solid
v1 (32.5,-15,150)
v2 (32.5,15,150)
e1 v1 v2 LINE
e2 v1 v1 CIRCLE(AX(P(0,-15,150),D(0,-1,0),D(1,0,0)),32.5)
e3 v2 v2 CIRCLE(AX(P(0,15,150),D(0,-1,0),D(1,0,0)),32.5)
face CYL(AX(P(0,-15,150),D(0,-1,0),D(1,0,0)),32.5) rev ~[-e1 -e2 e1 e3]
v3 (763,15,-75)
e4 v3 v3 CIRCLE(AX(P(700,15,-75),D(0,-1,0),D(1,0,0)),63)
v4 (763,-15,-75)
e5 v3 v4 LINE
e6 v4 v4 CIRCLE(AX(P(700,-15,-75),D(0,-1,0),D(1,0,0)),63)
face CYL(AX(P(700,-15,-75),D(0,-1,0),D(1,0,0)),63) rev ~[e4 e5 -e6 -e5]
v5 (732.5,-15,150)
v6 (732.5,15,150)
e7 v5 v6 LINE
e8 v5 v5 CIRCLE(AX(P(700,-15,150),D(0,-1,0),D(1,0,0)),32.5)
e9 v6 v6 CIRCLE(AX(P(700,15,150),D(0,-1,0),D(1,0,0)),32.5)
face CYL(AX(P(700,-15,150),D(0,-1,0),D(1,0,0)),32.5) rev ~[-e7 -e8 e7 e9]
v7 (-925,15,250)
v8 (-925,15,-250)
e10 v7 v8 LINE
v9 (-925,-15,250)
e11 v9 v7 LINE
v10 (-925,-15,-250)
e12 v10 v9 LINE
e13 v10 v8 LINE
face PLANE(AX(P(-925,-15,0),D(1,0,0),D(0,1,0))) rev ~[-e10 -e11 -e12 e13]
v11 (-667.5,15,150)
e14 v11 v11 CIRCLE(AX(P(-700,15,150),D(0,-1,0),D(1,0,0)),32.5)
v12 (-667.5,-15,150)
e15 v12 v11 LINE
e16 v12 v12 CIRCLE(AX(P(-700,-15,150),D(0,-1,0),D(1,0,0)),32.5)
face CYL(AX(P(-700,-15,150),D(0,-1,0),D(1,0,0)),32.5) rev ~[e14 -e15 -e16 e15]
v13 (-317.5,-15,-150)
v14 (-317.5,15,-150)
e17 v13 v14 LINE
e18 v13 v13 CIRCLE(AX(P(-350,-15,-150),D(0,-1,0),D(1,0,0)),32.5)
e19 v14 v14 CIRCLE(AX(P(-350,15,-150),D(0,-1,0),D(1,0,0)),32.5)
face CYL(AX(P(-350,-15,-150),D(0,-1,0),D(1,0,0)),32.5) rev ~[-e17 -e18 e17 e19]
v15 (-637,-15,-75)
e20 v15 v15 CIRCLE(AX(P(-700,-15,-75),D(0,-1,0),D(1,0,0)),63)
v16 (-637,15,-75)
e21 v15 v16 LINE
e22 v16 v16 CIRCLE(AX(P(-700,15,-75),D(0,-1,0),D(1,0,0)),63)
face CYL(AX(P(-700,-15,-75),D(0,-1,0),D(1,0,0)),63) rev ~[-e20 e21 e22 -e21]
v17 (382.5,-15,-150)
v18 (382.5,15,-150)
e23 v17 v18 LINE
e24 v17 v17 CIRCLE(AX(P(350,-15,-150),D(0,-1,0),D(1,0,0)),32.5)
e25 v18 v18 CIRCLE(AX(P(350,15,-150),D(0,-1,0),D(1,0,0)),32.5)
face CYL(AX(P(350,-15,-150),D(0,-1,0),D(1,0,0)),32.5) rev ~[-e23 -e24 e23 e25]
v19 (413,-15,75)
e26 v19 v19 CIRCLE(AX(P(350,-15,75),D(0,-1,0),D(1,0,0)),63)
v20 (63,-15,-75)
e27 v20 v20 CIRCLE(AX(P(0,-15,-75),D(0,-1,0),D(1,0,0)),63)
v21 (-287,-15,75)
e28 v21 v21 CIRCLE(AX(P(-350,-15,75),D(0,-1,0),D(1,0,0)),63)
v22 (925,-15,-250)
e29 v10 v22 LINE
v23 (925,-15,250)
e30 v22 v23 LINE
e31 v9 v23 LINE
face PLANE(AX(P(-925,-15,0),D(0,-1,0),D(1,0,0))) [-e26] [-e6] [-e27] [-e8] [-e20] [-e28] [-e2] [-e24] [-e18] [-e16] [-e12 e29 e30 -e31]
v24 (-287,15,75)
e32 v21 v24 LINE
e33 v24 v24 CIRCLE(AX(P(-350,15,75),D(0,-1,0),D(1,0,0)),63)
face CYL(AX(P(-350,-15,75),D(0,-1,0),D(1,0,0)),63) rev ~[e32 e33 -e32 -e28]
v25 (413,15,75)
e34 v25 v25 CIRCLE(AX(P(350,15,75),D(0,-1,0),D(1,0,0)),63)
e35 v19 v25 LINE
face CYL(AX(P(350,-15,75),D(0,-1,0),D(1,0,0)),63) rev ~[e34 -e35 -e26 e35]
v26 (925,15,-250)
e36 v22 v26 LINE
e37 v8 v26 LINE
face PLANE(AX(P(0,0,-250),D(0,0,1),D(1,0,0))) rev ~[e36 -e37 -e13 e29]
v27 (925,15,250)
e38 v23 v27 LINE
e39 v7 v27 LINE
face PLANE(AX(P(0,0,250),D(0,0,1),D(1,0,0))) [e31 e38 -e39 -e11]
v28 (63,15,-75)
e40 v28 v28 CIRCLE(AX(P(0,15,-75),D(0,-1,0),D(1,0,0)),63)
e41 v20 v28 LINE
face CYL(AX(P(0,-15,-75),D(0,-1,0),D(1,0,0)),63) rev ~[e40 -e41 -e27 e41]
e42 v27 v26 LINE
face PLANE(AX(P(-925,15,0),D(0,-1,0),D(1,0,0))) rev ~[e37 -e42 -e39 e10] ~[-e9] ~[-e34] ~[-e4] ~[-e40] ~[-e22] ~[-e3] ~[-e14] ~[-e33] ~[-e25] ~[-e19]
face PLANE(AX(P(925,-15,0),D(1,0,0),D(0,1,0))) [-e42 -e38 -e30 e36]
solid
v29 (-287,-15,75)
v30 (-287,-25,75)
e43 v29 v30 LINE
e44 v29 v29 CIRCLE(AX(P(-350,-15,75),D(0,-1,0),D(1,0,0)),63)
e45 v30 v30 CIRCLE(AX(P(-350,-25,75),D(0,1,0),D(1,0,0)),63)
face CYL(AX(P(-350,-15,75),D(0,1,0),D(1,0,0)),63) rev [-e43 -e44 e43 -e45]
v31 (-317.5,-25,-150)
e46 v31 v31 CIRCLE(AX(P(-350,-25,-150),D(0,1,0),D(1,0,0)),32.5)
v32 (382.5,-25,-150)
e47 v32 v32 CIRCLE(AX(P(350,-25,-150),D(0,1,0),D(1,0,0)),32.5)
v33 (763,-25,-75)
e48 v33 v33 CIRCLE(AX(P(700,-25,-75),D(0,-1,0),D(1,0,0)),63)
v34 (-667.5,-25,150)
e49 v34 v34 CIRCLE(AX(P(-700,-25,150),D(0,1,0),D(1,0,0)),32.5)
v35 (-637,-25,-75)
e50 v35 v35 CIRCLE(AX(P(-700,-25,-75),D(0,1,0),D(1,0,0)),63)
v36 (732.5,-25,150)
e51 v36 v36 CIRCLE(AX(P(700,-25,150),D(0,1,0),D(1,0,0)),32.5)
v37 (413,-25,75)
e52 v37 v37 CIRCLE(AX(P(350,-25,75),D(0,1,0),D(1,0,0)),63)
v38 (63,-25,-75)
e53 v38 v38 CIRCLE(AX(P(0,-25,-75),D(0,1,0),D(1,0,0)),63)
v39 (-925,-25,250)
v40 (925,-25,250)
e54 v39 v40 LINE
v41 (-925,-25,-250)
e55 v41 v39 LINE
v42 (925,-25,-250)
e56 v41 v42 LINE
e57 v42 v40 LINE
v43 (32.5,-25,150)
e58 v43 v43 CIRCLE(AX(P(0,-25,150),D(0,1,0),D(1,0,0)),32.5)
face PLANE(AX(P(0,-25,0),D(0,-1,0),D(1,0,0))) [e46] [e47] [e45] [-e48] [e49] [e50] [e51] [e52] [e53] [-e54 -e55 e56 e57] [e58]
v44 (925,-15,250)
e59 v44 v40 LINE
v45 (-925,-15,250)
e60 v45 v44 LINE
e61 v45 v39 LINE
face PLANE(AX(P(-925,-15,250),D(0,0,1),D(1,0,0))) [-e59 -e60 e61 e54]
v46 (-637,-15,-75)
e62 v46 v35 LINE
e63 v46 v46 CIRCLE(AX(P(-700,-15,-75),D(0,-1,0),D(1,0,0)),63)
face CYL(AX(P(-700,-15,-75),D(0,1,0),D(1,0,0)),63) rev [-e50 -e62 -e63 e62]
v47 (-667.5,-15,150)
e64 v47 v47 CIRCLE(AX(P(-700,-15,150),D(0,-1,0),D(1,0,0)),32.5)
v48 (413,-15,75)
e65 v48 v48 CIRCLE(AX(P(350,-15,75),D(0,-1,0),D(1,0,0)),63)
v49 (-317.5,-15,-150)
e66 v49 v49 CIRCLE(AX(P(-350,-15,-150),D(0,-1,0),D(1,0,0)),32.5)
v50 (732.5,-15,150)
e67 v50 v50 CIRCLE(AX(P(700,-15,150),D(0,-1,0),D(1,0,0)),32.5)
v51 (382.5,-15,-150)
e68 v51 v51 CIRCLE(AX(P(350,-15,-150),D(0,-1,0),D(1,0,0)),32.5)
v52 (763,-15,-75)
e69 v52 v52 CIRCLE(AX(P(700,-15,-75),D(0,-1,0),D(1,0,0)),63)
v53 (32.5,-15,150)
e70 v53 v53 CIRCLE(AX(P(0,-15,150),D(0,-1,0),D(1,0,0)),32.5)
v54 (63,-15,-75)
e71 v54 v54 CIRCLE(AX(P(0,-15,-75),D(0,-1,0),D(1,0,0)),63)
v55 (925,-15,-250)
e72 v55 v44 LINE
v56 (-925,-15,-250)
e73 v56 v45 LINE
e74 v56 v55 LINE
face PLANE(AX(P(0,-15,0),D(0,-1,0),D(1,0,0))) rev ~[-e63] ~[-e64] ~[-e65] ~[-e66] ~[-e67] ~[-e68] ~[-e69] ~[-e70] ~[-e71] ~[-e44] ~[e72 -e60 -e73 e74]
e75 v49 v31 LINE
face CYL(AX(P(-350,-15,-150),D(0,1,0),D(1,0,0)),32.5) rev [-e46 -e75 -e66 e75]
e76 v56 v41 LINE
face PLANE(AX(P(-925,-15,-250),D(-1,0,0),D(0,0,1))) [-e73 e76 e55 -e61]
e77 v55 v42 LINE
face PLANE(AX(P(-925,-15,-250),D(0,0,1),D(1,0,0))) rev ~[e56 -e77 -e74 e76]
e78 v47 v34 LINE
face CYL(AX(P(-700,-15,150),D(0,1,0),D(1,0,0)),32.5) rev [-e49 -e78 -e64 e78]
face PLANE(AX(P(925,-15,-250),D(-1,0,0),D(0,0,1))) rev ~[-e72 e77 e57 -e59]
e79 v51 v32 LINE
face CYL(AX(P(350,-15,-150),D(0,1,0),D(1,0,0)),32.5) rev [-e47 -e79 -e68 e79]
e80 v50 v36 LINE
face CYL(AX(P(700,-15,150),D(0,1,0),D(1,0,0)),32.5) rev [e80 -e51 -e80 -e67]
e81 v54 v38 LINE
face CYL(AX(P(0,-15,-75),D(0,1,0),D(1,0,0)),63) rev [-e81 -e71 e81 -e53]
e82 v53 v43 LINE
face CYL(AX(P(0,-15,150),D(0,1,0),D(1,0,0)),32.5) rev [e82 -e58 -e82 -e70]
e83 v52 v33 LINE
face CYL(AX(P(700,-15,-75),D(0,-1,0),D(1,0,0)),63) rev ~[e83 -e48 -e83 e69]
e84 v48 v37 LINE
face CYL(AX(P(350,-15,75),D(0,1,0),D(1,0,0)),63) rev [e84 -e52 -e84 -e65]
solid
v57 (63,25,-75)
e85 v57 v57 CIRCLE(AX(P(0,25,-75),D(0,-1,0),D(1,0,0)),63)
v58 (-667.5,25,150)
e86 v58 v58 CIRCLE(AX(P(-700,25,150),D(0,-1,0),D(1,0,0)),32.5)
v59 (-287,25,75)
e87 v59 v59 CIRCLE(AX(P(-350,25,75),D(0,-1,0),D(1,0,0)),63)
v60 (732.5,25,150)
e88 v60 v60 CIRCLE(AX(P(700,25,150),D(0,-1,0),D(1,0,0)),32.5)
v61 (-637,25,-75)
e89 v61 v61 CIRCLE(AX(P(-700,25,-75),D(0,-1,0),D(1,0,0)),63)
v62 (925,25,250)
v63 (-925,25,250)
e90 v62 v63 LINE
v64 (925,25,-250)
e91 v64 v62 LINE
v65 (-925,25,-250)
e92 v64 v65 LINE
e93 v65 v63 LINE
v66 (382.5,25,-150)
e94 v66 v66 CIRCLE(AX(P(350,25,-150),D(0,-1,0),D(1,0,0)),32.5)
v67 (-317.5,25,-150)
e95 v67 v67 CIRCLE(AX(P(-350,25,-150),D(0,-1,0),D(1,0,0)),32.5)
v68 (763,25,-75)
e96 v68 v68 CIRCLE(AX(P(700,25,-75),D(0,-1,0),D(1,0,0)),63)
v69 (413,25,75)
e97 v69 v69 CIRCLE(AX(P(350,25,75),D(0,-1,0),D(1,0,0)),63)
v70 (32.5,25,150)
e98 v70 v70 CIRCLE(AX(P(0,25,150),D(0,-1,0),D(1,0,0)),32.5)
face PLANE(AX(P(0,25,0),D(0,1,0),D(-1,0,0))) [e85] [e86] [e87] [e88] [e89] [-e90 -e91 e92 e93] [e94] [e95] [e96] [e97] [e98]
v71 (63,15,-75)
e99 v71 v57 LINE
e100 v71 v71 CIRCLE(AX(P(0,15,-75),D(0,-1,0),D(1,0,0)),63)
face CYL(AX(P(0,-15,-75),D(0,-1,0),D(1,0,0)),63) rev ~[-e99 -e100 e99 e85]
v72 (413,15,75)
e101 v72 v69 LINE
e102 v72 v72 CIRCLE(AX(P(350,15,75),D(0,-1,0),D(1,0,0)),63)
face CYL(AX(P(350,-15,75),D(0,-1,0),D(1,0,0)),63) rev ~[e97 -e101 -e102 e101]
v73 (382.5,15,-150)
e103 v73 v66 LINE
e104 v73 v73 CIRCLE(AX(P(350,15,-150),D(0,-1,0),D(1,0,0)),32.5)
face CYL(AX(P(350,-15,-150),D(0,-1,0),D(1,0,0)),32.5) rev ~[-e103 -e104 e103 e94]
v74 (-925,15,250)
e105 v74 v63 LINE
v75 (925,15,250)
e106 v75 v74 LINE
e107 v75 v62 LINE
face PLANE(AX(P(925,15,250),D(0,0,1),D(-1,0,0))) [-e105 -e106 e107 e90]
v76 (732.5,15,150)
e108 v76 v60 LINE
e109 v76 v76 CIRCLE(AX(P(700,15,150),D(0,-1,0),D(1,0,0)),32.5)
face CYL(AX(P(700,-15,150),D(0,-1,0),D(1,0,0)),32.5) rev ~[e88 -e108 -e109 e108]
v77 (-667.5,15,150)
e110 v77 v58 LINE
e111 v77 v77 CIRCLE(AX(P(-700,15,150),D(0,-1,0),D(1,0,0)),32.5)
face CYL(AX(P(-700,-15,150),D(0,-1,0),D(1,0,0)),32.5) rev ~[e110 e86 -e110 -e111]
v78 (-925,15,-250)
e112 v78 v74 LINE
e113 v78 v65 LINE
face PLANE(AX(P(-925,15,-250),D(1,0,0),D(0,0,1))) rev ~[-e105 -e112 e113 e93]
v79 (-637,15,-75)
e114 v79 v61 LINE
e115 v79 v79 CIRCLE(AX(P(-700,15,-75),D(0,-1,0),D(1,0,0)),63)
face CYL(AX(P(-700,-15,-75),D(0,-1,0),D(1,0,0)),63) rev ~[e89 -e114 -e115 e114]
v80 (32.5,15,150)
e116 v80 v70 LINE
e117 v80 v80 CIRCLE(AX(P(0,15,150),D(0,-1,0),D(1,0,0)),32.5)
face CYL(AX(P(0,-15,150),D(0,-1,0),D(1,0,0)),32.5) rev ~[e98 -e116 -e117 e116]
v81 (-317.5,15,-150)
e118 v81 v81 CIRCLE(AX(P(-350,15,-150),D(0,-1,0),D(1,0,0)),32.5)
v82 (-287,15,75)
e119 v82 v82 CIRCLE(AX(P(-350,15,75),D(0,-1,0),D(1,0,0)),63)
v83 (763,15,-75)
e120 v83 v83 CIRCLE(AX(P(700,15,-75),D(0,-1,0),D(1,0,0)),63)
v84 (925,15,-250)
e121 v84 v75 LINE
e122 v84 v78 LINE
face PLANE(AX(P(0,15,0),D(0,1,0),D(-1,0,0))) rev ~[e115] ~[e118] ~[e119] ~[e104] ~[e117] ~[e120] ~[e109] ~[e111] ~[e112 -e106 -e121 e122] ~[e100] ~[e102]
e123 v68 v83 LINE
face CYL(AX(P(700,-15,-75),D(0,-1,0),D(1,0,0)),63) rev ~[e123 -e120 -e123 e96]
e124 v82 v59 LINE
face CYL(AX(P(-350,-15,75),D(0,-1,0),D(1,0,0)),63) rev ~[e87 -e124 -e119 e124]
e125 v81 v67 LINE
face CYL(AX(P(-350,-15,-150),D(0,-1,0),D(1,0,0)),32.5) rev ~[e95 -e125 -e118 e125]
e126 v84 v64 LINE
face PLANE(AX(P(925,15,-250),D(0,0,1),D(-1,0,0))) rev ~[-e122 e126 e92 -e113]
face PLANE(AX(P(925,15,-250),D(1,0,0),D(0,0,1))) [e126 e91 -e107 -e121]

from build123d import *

# Parameters (mm, degrees)
F0_W     = 1850
F0_H     = 30
F1_DEPTH = 250
F2_W     = 1850
F2_H     = 500
F3_DEPTH = 10
F4_W     = 1850
F4_H     = 500
F5_DEPTH = 10
F6_R     = 32.5
F6_R_2   = 63
F7_DEPTH = 100


with BuildPart() as f1:
    # F0 (on Top) → F1 (new body, symmetric)
    with BuildSketch(Plane.XY):
        Rectangle(F0_W, F0_H)
    extrude(amount=F1_DEPTH, both=True)


with BuildPart() as f3:
    # F2 (on face) → F3 (new body)
    with BuildSketch(Plane.XZ.offset(15)):
        Rectangle(F2_W, F2_H)
    extrude(amount=F3_DEPTH)


with BuildPart() as f5:
    # F4 (on face) → F5 (new body)
    with BuildSketch(Plane(origin=(0, 15, 0), x_dir=(-1, 0, 0), z_dir=(0, 1, 0))):
        Rectangle(F4_W, F4_H)
    extrude(amount=F5_DEPTH)


with BuildPart() as f7_tool:
    # F6 (on face) → F7 (new body, symmetric)
    with BuildSketch(Plane.XZ.offset(15)):
        with Locations((-700, 150)):
            Circle(F6_R)
        with Locations((-350, 75)):
            Circle(F6_R_2)
        with Locations((-700, -75)):
            Circle(F6_R_2)
        with Locations((-350, -150)):
            Circle(F6_R)
        with Locations((0, 150)):
            Circle(F6_R)
        with Locations((0, -75)):
            Circle(F6_R_2)
        with Locations((350, 75)):
            Circle(F6_R_2)
        with Locations((350, -150)):
            Circle(F6_R)
        with Locations((700, 150)):
            Circle(F6_R)
        with Locations((700, -75)):
            Circle(F6_R_2)
    extrude(amount=F7_DEPTH, both=True)


with BuildPart() as f1_1:
    add(f1.part)

    # F7: cut by f7_tool
    add(f7_tool.part, mode=Mode.SUBTRACT)


with BuildPart() as f3_1:
    add(f3.part)

    # F7: cut by f7_tool
    add(f7_tool.part, mode=Mode.SUBTRACT)


with BuildPart() as f5_1:
    add(f5.part)

    # F7: cut by f7_tool
    add(f7_tool.part, mode=Mode.SUBTRACT)


solid = Compound([f1_1.part, f3_1.part, f5_1.part])
